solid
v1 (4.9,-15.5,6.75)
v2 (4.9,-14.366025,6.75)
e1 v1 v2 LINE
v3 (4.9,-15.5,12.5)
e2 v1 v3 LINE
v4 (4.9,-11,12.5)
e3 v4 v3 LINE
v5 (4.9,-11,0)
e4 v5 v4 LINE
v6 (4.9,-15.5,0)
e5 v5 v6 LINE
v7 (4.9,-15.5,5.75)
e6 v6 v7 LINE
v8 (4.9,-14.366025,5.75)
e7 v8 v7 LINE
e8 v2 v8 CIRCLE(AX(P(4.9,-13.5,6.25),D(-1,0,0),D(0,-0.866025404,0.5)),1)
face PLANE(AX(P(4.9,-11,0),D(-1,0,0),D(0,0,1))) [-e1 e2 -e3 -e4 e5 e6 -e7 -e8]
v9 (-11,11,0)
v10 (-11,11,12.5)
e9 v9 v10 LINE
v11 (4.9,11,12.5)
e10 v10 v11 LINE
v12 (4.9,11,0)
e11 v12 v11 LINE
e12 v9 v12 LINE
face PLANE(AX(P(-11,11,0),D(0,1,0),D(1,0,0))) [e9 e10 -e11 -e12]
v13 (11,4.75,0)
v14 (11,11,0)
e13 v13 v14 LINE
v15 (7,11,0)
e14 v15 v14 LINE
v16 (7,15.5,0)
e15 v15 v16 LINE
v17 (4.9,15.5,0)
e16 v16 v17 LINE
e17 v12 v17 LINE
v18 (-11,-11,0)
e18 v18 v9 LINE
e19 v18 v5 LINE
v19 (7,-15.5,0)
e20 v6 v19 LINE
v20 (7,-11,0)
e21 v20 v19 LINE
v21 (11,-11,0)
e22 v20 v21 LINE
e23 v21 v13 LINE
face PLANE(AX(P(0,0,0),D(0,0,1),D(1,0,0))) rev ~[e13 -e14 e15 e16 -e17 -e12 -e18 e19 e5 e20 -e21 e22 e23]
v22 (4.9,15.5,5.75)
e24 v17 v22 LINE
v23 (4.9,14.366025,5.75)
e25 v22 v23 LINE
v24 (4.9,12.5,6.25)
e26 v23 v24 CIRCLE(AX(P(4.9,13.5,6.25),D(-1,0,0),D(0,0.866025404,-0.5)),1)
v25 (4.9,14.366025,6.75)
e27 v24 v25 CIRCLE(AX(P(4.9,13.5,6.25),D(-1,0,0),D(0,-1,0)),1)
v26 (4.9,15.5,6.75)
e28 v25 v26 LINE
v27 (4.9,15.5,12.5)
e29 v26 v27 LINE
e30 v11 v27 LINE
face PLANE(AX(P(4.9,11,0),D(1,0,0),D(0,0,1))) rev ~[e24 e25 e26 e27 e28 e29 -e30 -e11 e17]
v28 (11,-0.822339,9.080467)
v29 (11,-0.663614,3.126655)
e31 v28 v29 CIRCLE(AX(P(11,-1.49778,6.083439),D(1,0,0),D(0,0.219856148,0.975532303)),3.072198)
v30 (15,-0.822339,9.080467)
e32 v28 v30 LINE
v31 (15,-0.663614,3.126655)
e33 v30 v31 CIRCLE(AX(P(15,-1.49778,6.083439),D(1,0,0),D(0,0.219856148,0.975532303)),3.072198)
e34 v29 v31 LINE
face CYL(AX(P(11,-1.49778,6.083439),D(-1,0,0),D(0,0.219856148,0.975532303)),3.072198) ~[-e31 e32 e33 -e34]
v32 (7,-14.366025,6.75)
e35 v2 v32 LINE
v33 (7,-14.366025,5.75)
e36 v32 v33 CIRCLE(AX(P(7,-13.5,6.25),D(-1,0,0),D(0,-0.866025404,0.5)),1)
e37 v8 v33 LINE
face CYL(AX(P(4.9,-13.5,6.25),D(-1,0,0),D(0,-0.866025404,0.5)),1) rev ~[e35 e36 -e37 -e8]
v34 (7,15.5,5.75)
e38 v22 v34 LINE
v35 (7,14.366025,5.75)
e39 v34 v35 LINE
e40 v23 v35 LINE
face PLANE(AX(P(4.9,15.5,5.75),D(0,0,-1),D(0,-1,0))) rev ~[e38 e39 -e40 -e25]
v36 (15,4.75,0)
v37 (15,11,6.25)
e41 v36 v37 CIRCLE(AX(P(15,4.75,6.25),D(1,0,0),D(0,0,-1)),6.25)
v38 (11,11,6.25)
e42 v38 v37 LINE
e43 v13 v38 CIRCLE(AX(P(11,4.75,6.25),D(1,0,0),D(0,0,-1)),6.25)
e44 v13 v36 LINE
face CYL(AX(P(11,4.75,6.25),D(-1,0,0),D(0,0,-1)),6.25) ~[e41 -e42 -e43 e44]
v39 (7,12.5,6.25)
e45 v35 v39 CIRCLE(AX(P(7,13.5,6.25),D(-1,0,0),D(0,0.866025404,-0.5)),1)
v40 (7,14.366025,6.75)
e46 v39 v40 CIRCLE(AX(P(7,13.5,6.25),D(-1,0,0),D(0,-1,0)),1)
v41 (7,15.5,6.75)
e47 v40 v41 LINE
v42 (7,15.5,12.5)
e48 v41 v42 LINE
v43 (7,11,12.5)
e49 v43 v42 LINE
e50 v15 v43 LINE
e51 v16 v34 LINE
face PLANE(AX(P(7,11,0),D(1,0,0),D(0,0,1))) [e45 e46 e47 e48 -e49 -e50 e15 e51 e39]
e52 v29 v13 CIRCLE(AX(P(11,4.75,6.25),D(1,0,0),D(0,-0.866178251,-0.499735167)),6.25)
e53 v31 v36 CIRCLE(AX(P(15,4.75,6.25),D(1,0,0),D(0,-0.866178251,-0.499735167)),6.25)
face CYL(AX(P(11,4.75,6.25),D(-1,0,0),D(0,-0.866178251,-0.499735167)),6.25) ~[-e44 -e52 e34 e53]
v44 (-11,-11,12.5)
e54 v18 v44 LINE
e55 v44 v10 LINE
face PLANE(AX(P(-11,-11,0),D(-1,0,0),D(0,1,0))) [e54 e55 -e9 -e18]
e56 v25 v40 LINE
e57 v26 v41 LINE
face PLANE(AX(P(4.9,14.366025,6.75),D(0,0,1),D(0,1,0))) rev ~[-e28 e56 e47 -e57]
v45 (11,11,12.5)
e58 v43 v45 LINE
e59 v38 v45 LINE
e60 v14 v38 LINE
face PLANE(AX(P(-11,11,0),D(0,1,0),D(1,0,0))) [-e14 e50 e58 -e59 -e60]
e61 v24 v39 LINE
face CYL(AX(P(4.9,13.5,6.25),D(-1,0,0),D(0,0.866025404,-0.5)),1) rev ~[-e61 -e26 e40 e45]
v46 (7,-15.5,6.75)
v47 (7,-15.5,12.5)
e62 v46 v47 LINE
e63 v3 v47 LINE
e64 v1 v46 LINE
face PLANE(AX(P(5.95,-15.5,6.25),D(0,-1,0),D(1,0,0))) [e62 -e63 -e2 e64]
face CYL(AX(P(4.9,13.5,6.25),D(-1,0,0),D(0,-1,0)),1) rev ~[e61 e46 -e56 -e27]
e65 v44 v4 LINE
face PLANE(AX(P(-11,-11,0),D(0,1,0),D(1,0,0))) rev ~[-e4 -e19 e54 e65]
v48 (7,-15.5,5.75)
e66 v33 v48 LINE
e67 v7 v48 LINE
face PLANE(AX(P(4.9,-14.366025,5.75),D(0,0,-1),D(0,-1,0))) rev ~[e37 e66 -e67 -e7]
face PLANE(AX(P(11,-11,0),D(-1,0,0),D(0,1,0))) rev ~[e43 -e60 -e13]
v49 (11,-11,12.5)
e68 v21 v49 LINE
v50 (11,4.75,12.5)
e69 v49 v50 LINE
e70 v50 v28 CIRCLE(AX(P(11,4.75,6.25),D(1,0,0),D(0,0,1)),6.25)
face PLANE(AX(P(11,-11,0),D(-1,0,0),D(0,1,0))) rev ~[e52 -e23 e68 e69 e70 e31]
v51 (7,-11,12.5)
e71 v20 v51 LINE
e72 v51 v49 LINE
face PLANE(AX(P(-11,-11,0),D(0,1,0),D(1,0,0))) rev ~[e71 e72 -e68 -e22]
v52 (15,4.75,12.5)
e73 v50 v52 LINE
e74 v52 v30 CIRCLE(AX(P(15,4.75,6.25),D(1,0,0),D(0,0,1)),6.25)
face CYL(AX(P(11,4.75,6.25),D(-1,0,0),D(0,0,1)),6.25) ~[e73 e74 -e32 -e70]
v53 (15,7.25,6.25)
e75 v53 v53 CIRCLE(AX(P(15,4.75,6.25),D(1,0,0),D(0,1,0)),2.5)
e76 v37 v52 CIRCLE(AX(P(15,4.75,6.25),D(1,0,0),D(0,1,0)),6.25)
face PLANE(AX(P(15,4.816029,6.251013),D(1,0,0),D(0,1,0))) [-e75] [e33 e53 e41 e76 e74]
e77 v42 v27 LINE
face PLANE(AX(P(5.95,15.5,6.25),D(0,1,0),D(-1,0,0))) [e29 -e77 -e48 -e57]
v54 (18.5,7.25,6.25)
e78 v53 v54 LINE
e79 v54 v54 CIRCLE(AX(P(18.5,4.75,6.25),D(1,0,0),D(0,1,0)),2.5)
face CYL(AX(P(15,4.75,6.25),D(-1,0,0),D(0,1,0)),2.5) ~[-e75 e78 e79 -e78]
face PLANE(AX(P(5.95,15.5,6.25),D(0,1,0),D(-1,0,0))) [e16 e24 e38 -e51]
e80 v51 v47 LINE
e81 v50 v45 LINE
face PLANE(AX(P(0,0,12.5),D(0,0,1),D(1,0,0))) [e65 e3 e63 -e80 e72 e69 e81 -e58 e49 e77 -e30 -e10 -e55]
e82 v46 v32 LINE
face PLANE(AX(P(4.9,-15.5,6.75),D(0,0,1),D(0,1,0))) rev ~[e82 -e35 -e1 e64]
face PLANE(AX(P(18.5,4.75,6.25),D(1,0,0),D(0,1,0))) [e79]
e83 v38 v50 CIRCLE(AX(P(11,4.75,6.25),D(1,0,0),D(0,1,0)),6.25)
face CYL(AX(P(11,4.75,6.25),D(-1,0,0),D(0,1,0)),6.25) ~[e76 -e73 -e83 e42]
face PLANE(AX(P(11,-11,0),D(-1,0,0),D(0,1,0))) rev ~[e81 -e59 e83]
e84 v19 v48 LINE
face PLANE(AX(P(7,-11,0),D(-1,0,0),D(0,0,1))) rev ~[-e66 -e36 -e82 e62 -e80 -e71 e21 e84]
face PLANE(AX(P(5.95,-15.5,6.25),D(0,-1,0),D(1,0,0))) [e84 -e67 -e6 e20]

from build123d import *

# Parameters (mm, degrees)
F0_W      = 22
F0_H      = 22
F1_DEPTH  = 12.5
F3_DEPTH  = 4
F4_R      = 2.5
F5_DEPTH  = 3.5
F6_W      = 2.1
F6_H      = 12.5
F7_DEPTH  = 4.5
F9_DEPTH  = 2.1
F10_W     = 2.1
F10_H     = 12.5
F11_DEPTH = 4.5
F13_DEPTH = 2.1


with BuildPart() as f1:
    # F0 (on Top) → F1 (new body)
    with BuildSketch(Plane.XY):
        Rectangle(F0_W, F0_H)
    extrude(amount=F1_DEPTH)

    # F2 (on face) → F3 (join)
    with BuildSketch(Plane.YZ.offset(11)):
        with BuildLine():
            ThreePointArc((-0.6636140703, 3.1266552068), (1.6241725062, 0.8378190645), (4.75, 0))
            ThreePointArc((4.75, 0), (9.1694173824, 1.8305826176), (11, 6.25))
            ThreePointArc((11, 6.25), (9.1694173824, 10.6694173824), (4.75, 12.5))
            ThreePointArc((4.75, 12.5), (1.4810489541, 11.5769558905), (-0.8223385695, 9.0804668991))
            ThreePointArc((-0.8223385695, 9.0804668991), (0.9015416929, 8.0022024538), (1.5744178172, 6.0834385042))
            ThreePointArc((1.5744178172, 6.0834385042), (0.9518242766, 4.2292975847), (-0.6636140703, 3.1266552068))
        make_face()
        with BuildLine():
            ThreePointArc((-0.8223385695, 9.0804668991), (-4.568887039, 6.001564921), (-0.6636140703, 3.1266552068))
            ThreePointArc((-0.6636140703, 3.1266552068), (-1.4977801872, 6.0834385042), (-0.8223385695, 9.0804668991))
        make_face()
        with BuildLine():
            ThreePointArc((-0.8223385695, 9.0804668991), (-1.4977801872, 6.0834385042), (-0.6636140703, 3.1266552068))
            ThreePointArc((-0.6636140703, 3.1266552068), (0.9518242766, 4.2292975847), (1.5744178172, 6.0834385042))
            ThreePointArc((1.5744178172, 6.0834385042), (0.9015416929, 8.0022024538), (-0.8223385695, 9.0804668991))
        make_face()
    extrude(amount=F3_DEPTH)

    # F4 (on face) → F5 (join)
    with BuildSketch(Plane.YZ.offset(15)):
        with Locations((4.75, 6.25)):
            Circle(F4_R)
    extrude(amount=F5_DEPTH)

    # F6 (on face) → F7 (join)
    with BuildSketch(Plane.XZ.offset(11)):
        with Locations((5.95, 6.25)):
            Rectangle(F6_W, F6_H)
    extrude(amount=F7_DEPTH)

    # F8 (on face) → F9 (cut)
    with BuildSketch(Plane(origin=(4.9, 0, 0), x_dir=(0, -1, 0), z_dir=(-1, 0, 0))):
        with BuildLine():
            ThreePointArc((14.3660254038, 6.75), (14.4659258263, 6.5088190451), (14.5, 6.25))
            ThreePointArc((14.5, 6.25), (14.4659258263, 5.9911809549), (14.3660254038, 5.75))
            Line((14.3660254038, 5.75), (15.5, 5.75))
            Line((15.5, 5.75), (15.5, 6.75))
            Line((15.5, 6.75), (14.3660254038, 6.75))
        make_face()
        with BuildLine():
            ThreePointArc((14.3660254038, 5.75), (14.4659258263, 5.9911809549), (14.5, 6.25))
            ThreePointArc((14.5, 6.25), (14.4659258263, 6.5088190451), (14.3660254038, 6.75))
            ThreePointArc((14.3660254038, 6.75), (12.5, 6.25), (14.3660254038, 5.75))
        make_face()
    extrude(amount=-F9_DEPTH, mode=Mode.SUBTRACT)

    # F10 (on face) → F11 (join)
    with BuildSketch(Plane(origin=(0, 11, 0), x_dir=(-1, 0, 0), z_dir=(0, 1, 0))):
        with Locations((-5.95, 6.25)):
            Rectangle(F10_W, F10_H)
    extrude(amount=F11_DEPTH)

    # F12 (on face) → F13 (cut)
    with BuildSketch(Plane(origin=(4.9, 0, 0), x_dir=(0, -1, 0), z_dir=(-1, 0, 0))):
        with BuildLine():
            ThreePointArc((-14.3660254038, 5.75), (-13.2411809549, 5.2840741737), (-12.5, 6.25))
            ThreePointArc((-12.5, 6.25), (-13.2411809549, 7.2159258263), (-14.3660254038, 6.75))
            ThreePointArc((-14.3660254038, 6.75), (-14.5, 6.25), (-14.3660254038, 5.75))
        make_face()
        with BuildLine():
            ThreePointArc((-14.3660254038, 5.75), (-14.5, 6.25), (-14.3660254038, 6.75))
            Line((-14.3660254038, 6.75), (-15.5, 6.75))
            Line((-15.5, 6.75), (-15.5, 5.75))
            Line((-15.5, 5.75), (-14.3660254038, 5.75))
        make_face()
    extrude(amount=-F13_DEPTH, mode=Mode.SUBTRACT)


solid = f1.part
